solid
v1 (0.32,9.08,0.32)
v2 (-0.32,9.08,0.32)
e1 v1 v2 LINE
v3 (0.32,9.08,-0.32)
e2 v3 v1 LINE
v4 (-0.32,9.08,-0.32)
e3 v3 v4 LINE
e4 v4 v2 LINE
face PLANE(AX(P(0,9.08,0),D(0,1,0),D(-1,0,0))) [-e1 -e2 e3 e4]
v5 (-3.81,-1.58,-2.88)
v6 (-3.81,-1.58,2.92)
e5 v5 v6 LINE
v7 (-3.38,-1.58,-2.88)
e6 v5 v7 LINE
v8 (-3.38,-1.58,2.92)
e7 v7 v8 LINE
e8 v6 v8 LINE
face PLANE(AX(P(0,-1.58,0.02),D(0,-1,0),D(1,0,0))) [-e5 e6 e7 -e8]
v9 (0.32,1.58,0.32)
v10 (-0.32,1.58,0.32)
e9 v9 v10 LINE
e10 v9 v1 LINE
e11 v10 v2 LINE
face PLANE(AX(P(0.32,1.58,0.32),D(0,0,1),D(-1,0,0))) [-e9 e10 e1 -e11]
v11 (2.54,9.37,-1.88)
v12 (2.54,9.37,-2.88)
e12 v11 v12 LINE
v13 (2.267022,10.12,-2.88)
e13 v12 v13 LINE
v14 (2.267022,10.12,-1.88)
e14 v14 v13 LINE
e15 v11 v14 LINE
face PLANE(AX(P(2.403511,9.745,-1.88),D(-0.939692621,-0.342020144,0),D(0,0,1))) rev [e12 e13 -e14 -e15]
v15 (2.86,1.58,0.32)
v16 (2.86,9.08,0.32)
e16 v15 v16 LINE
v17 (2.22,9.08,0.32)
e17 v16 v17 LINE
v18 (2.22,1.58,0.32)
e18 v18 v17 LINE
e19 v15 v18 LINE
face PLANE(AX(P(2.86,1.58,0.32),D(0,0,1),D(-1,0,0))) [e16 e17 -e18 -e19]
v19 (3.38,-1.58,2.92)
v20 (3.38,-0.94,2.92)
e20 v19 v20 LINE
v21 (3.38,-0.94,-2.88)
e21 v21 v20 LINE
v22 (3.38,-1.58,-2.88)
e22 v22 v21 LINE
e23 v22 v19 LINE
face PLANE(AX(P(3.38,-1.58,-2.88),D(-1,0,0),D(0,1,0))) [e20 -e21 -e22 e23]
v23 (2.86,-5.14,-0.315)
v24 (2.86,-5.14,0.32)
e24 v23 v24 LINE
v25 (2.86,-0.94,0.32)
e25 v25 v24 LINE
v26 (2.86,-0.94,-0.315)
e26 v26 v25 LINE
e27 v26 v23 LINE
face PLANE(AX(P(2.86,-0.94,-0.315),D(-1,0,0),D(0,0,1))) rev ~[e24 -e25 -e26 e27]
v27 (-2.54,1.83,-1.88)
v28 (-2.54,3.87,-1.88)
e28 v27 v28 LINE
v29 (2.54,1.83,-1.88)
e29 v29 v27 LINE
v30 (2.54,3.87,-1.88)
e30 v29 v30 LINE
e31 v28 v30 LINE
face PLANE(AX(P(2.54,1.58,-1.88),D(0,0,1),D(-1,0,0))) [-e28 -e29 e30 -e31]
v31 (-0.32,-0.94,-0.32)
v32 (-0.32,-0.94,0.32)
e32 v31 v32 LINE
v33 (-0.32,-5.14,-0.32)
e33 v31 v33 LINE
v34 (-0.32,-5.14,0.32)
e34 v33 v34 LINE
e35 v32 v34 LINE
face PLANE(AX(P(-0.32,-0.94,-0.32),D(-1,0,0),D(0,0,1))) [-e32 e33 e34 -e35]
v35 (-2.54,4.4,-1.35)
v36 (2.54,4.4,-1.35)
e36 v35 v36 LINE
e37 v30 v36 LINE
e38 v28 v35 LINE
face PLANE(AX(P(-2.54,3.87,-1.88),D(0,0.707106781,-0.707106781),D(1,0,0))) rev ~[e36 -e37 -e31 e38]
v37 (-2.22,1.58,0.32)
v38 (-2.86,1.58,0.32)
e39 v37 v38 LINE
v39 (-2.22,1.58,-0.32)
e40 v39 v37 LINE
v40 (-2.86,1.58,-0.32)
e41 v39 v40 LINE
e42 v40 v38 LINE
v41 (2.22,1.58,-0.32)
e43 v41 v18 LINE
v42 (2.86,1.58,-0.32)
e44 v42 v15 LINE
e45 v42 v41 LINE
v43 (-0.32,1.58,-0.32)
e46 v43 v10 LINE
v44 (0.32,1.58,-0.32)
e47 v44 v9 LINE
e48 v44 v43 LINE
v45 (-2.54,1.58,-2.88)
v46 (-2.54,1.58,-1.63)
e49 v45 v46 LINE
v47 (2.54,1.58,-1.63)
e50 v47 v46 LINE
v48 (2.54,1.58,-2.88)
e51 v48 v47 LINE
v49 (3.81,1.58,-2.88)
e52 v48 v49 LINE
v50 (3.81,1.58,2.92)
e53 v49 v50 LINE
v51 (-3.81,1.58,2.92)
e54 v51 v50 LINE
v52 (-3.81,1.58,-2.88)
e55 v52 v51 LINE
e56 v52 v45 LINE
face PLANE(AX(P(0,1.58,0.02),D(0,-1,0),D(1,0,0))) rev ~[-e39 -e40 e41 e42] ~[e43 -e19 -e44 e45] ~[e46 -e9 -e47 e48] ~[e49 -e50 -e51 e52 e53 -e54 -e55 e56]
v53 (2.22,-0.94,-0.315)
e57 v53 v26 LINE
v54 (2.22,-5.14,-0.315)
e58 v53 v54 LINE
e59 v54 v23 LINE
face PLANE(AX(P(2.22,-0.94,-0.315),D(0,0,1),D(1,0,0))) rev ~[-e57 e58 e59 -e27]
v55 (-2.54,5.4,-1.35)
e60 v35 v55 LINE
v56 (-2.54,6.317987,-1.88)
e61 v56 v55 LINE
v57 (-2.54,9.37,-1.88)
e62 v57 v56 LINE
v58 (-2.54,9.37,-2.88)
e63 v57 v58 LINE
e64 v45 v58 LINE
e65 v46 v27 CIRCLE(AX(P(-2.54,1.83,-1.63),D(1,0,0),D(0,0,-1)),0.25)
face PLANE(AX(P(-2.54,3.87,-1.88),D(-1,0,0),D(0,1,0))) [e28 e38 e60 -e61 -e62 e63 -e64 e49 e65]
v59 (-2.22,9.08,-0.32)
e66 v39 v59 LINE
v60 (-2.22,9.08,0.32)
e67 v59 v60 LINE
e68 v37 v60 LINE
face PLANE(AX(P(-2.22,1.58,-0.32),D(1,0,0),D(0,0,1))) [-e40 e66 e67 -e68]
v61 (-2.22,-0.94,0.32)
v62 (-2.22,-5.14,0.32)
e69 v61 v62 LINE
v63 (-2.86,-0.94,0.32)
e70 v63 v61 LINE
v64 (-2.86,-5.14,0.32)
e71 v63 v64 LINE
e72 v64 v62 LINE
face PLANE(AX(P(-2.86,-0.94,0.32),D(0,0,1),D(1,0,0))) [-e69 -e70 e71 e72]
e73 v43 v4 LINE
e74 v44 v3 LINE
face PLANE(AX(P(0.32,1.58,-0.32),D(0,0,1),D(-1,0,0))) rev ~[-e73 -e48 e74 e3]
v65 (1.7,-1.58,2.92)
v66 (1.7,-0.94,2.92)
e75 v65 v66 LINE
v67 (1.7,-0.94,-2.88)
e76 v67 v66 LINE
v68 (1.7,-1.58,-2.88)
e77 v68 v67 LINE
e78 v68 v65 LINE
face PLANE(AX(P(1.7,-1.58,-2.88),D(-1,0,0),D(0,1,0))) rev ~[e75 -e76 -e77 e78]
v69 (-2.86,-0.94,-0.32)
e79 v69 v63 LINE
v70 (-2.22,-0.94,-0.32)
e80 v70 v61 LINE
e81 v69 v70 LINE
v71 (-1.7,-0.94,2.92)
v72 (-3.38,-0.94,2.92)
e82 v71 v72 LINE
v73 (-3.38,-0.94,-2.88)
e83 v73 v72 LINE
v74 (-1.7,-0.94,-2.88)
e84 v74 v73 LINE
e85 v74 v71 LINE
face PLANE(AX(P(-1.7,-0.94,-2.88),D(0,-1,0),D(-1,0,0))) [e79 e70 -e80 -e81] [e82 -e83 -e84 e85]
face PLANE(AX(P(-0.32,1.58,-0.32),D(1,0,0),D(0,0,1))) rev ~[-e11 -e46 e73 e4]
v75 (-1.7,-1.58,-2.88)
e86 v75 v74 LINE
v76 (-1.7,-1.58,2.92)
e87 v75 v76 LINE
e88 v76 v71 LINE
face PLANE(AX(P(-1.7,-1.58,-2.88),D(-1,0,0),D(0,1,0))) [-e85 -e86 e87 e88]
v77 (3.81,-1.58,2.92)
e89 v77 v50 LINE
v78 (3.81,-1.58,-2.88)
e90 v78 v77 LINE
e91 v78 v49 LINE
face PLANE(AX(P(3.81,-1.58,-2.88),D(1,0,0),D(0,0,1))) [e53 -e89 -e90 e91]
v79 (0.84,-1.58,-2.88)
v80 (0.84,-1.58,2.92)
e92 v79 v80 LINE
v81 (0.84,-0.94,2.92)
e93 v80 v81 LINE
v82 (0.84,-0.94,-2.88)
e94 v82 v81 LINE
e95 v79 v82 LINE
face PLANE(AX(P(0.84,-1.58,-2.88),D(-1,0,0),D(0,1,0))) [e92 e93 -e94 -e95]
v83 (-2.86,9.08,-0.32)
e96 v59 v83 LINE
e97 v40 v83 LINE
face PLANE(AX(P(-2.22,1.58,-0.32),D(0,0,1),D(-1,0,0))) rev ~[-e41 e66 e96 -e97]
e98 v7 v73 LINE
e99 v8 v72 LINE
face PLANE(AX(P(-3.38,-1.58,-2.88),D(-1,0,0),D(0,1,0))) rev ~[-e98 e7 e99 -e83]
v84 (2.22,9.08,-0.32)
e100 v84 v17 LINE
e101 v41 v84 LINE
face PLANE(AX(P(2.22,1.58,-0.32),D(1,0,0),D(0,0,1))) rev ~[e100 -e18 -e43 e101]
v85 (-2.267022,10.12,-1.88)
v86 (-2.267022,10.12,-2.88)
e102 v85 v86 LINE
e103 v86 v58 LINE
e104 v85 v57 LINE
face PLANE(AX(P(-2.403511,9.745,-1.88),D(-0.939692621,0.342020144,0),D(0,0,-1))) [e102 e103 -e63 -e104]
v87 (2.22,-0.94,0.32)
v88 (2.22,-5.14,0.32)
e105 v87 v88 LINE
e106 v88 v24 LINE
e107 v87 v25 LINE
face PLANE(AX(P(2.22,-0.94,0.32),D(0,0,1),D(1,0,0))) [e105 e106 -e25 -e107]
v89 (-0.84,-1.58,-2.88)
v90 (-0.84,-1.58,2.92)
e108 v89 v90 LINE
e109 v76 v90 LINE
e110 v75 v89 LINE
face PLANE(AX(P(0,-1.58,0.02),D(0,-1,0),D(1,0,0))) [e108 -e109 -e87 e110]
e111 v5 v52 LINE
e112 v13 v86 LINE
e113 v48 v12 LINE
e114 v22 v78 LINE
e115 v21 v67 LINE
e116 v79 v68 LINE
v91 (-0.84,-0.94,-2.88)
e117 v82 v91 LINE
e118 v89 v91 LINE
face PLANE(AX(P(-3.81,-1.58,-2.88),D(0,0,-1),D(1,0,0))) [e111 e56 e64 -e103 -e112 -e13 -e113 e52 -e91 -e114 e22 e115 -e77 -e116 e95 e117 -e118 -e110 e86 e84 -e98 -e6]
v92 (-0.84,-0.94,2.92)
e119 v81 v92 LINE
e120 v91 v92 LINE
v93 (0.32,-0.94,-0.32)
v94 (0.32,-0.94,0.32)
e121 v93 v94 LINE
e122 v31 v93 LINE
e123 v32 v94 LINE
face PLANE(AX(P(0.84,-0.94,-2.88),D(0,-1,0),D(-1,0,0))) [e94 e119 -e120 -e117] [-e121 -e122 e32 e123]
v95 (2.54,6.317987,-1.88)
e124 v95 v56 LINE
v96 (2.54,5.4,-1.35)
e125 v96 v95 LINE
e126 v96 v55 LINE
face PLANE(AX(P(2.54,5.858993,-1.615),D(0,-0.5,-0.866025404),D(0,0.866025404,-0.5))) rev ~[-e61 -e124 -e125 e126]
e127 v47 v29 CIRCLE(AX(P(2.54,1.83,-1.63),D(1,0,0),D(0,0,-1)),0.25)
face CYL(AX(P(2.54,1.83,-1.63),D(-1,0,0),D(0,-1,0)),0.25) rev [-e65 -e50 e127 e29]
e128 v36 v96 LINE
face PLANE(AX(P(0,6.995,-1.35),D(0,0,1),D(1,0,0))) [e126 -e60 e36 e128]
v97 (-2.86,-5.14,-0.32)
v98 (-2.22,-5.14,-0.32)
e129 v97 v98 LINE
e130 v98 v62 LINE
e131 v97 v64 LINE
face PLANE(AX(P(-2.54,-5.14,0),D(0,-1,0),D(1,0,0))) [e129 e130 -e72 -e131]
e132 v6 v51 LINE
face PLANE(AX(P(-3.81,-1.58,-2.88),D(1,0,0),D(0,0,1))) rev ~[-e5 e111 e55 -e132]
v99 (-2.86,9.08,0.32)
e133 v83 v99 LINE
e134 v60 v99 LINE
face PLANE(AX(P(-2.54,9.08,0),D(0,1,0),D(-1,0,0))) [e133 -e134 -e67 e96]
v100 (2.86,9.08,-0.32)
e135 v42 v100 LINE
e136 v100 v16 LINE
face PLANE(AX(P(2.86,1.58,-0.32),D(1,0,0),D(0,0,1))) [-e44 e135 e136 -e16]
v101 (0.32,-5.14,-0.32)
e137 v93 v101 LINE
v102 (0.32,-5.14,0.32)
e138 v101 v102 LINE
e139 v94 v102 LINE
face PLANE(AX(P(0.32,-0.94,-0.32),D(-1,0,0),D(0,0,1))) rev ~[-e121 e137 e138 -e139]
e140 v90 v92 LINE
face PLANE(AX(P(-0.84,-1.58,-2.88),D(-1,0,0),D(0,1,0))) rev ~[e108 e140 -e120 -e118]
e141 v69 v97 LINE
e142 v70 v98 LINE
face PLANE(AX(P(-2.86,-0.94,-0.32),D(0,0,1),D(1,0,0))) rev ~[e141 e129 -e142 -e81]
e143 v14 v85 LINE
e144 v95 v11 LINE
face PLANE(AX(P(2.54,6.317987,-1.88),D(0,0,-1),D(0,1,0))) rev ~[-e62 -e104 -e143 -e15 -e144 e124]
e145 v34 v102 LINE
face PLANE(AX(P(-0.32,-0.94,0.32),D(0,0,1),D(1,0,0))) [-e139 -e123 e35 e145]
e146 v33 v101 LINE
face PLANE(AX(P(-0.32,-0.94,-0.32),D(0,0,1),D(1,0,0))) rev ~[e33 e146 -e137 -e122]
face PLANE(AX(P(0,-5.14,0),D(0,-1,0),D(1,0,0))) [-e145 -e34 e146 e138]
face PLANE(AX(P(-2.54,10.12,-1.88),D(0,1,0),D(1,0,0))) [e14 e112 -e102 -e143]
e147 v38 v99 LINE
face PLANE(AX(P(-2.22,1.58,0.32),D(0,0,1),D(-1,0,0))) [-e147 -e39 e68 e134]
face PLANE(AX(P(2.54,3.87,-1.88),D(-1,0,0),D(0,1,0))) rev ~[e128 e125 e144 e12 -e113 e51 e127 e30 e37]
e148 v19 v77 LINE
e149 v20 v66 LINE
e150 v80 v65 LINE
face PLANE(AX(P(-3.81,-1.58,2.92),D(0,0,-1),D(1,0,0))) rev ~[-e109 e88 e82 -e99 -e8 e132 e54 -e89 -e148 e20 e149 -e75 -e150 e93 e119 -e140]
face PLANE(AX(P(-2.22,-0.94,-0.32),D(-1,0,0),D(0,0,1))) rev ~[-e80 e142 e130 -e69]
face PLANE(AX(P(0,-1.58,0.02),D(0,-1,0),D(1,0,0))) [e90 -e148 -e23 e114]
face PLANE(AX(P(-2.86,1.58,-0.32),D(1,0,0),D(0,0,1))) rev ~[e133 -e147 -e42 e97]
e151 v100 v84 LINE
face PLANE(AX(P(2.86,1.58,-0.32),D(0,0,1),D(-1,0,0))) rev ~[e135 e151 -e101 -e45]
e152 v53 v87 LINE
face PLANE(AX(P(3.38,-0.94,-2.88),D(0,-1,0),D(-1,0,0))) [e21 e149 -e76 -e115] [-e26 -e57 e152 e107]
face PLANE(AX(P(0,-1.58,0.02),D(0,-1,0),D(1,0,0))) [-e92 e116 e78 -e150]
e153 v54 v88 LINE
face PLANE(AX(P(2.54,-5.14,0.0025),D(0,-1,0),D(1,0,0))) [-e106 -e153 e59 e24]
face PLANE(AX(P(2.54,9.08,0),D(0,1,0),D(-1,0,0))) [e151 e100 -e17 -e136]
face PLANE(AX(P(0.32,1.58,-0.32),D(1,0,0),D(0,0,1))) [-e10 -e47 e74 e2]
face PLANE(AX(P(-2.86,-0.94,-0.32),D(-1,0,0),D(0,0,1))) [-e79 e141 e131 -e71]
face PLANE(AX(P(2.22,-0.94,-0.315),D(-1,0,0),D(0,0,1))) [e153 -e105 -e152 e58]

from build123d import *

# Parameters (mm, degrees)
SKETCH1_W           = 7.62
SKETCH1_H           = 5.8
BOSS_EXTRUDE1_DEPTH = 3.16
SKETCH2_W           = 5.08
SKETCH2_H           = 1
BOSS_EXTRUDE2_DEPTH = 8.54
SKETCH3_W           = 5.08
SKETCH3_H           = 6.25
BOSS_EXTRUDE3_DEPTH = 0.53
SKETCH4_W           = 1.68
SKETCH4_H           = 0.64
CUT_EXTRUDE1_DEPTH  = 13.270717175
SKETCH5_W           = 1.68
SKETCH5_H           = 0.64
CUT_EXTRUDE2_DEPTH  = 13.270717175
SKETCH6_W           = 0.53
SKETCH6_H           = 3.802013072
CUT_EXTRUDE3_DEPTH  = 13.298914586
SKETCH7_W           = 1.68
SKETCH7_H           = 0.64
CUT_EXTRUDE4_DEPTH  = 13.270717175
SKETCH8_W           = 0.64
SKETCH8_H           = 0.64
BOSS_EXTRUDE4_DEPTH = 4.2
SKETCH9_W           = 0.64
SKETCH9_H           = 0.64
BOSS_EXTRUDE5_DEPTH = 4.2
SKETCH10_W          = 0.64
SKETCH10_H          = 0.635
BOSS_EXTRUDE6_DEPTH = 4.2
SKETCH11_W          = 0.64
SKETCH11_H          = 0.64
BOSS_EXTRUDE7_DEPTH = 7.5
SKETCH12_W          = 0.64
SKETCH12_H          = 0.64
BOSS_EXTRUDE8_DEPTH = 7.5
SKETCH13_W          = 0.64
SKETCH13_H          = 0.64
BOSS_EXTRUDE9_DEPTH = 7.5
DRAFT1_ANGLE        = 45
DRAFT2_ANGLE        = 60
CHAMFER1_SIZE       = 0.75
CHAMFER1_SIZE2      = 0.272977676
CHAMFER2_SIZE       = 0.272977676
CHAMFER2_SIZE2      = 0.75
FILLET1_R           = 0.25


with BuildPart() as part:
    # Sketch1 → Boss-Extrude1 (new body)
    with BuildSketch(Plane.XZ.offset(1.58)):
        with Locations((0, 0.02)):
            Rectangle(SKETCH1_W, SKETCH1_H)
    extrude(amount=-BOSS_EXTRUDE1_DEPTH)

    # Sketch2 → Boss-Extrude2 (add)
    with BuildSketch(Plane(origin=(0, 1.58, 0), x_dir=(-1, 0, 0), z_dir=(0, 1, 0))):
        with Locations((0, -2.38)):
            Rectangle(SKETCH2_W, SKETCH2_H)
    extrude(amount=BOSS_EXTRUDE2_DEPTH)

    # Sketch3 → Boss-Extrude3 (add)
    with BuildSketch(Plane.XY.offset(-1.88)):
        with Locations((0, 6.995)):
            Rectangle(SKETCH3_W, SKETCH3_H)
    extrude(amount=BOSS_EXTRUDE3_DEPTH)

    # Sketch4 → Cut-Extrude1 (cut, through all)
    with BuildSketch(Plane(origin=(0, 0, -2.88), x_dir=(-1, 0, 0), z_dir=(0, 0, -1))):
        with Locations((2.54, -1.26)):
            Rectangle(SKETCH4_W, SKETCH4_H)
    extrude(amount=-CUT_EXTRUDE1_DEPTH, mode=Mode.SUBTRACT)

    # Sketch5 → Cut-Extrude2 (cut, through all)
    with BuildSketch(Plane(origin=(0, 0, -2.88), x_dir=(-1, 0, 0), z_dir=(0, 0, -1))):
        with Locations((0, -1.26)):
            Rectangle(SKETCH5_W, SKETCH5_H)
    extrude(amount=-CUT_EXTRUDE2_DEPTH, mode=Mode.SUBTRACT)

    # Sketch6 → Cut-Extrude3 (cut, through all)
    with BuildSketch(Plane(origin=(2.54, 0, 0), x_dir=(0, 0, -1), z_dir=(1, 0, 0))):
        with Locations((1.615, 8.218993464)):
            Rectangle(SKETCH6_W, SKETCH6_H)
    extrude(amount=-CUT_EXTRUDE3_DEPTH, mode=Mode.SUBTRACT)

    # Sketch7 → Cut-Extrude4 (cut, through all)
    with BuildSketch(Plane(origin=(0, 0, -2.88), x_dir=(-1, 0, 0), z_dir=(0, 0, -1))):
        with Locations((-2.54, -1.26)):
            Rectangle(SKETCH7_W, SKETCH7_H)
    extrude(amount=-CUT_EXTRUDE4_DEPTH, mode=Mode.SUBTRACT)

    # Sketch8 → Boss-Extrude4 (add)
    with BuildSketch(Plane.XZ.offset(0.94)):
        Rectangle(SKETCH8_W, SKETCH8_H)
    extrude(amount=BOSS_EXTRUDE4_DEPTH)

    # Sketch9 → Boss-Extrude5 (add)
    with BuildSketch(Plane.XZ.offset(0.94)):
        with Locations((-2.54, 0)):
            Rectangle(SKETCH9_W, SKETCH9_H)
    extrude(amount=BOSS_EXTRUDE5_DEPTH)

    # Sketch10 → Boss-Extrude6 (add)
    with BuildSketch(Plane.XZ.offset(0.94)):
        with Locations((2.54, 0.0025)):
            Rectangle(SKETCH10_W, SKETCH10_H)
    extrude(amount=BOSS_EXTRUDE6_DEPTH)

    # Sketch11 → Boss-Extrude7 (add)
    with BuildSketch(Plane(origin=(0, 1.58, 0), x_dir=(-1, 0, 0), z_dir=(0, 1, 0))):
        Rectangle(SKETCH11_W, SKETCH11_H)
    extrude(amount=BOSS_EXTRUDE7_DEPTH)

    # Sketch12 → Boss-Extrude8 (add)
    with BuildSketch(Plane(origin=(0, 1.58, 0), x_dir=(-1, 0, 0), z_dir=(0, 1, 0))):
        with Locations((-2.54, 0)):
            Rectangle(SKETCH12_W, SKETCH12_H)
    extrude(amount=BOSS_EXTRUDE8_DEPTH)

    # Sketch13 → Boss-Extrude9 (add)
    with BuildSketch(Plane(origin=(0, 1.58, 0), x_dir=(-1, 0, 0), z_dir=(0, 1, 0))):
        with Locations((2.54, 0)):
            Rectangle(SKETCH13_W, SKETCH13_H)
    extrude(amount=BOSS_EXTRUDE9_DEPTH)

    # Draft1
    draft1_faces = [part.faces().sort_by_distance(p)[0] for p in [
        (0, 3.87, -1.615),
    ]]
    draft(draft1_faces, Plane(origin=(2.54, 10.12, -1.88), x_dir=(1, 0, 0), z_dir=(0, 0, 1)), DRAFT1_ANGLE)

    # Draft2
    draft2_faces = [part.faces().sort_by_distance(p)[0] for p in [
        (0, 6.317986928, -1.615),
    ]]
    draft(draft2_faces, Plane(origin=(-3.810025, 6.317986928, -1.88), x_dir=(1, 0, 0), z_dir=(0, 0, 1)), DRAFT2_ANGLE)

    # Chamfer1
    chamfer1_edges = [part.edges().sort_by_distance(p)[0] for p in [
        (2.54, 10.12, -2.38),
    ]]
    chamfer1_side = [part.faces().sort_by_distance(p)[0] for p in [
        (2.54, 5.768868228, -2.309646908),
    ]]
    chamfer(chamfer1_edges, length=CHAMFER1_SIZE, length2=CHAMFER1_SIZE2, reference=chamfer1_side[0])

    # Chamfer2
    chamfer2_edges = [part.edges().sort_by_distance(p)[0] for p in [
        (-2.54, 10.12, -2.38),
    ]]
    chamfer2_side = [part.faces().sort_by_distance(p)[0] for p in [
        (-0.136488838, 10.12, -2.38),
    ]]
    chamfer(chamfer2_edges, length=CHAMFER2_SIZE, length2=CHAMFER2_SIZE2, reference=chamfer2_side[0])

    # Fillet1
    fillet1_edges = [part.edges().sort_by_distance(p)[0] for p in [
        (0, 1.58, -1.88),
    ]]
    fillet(fillet1_edges, radius=FILLET1_R)


solid = part.part
